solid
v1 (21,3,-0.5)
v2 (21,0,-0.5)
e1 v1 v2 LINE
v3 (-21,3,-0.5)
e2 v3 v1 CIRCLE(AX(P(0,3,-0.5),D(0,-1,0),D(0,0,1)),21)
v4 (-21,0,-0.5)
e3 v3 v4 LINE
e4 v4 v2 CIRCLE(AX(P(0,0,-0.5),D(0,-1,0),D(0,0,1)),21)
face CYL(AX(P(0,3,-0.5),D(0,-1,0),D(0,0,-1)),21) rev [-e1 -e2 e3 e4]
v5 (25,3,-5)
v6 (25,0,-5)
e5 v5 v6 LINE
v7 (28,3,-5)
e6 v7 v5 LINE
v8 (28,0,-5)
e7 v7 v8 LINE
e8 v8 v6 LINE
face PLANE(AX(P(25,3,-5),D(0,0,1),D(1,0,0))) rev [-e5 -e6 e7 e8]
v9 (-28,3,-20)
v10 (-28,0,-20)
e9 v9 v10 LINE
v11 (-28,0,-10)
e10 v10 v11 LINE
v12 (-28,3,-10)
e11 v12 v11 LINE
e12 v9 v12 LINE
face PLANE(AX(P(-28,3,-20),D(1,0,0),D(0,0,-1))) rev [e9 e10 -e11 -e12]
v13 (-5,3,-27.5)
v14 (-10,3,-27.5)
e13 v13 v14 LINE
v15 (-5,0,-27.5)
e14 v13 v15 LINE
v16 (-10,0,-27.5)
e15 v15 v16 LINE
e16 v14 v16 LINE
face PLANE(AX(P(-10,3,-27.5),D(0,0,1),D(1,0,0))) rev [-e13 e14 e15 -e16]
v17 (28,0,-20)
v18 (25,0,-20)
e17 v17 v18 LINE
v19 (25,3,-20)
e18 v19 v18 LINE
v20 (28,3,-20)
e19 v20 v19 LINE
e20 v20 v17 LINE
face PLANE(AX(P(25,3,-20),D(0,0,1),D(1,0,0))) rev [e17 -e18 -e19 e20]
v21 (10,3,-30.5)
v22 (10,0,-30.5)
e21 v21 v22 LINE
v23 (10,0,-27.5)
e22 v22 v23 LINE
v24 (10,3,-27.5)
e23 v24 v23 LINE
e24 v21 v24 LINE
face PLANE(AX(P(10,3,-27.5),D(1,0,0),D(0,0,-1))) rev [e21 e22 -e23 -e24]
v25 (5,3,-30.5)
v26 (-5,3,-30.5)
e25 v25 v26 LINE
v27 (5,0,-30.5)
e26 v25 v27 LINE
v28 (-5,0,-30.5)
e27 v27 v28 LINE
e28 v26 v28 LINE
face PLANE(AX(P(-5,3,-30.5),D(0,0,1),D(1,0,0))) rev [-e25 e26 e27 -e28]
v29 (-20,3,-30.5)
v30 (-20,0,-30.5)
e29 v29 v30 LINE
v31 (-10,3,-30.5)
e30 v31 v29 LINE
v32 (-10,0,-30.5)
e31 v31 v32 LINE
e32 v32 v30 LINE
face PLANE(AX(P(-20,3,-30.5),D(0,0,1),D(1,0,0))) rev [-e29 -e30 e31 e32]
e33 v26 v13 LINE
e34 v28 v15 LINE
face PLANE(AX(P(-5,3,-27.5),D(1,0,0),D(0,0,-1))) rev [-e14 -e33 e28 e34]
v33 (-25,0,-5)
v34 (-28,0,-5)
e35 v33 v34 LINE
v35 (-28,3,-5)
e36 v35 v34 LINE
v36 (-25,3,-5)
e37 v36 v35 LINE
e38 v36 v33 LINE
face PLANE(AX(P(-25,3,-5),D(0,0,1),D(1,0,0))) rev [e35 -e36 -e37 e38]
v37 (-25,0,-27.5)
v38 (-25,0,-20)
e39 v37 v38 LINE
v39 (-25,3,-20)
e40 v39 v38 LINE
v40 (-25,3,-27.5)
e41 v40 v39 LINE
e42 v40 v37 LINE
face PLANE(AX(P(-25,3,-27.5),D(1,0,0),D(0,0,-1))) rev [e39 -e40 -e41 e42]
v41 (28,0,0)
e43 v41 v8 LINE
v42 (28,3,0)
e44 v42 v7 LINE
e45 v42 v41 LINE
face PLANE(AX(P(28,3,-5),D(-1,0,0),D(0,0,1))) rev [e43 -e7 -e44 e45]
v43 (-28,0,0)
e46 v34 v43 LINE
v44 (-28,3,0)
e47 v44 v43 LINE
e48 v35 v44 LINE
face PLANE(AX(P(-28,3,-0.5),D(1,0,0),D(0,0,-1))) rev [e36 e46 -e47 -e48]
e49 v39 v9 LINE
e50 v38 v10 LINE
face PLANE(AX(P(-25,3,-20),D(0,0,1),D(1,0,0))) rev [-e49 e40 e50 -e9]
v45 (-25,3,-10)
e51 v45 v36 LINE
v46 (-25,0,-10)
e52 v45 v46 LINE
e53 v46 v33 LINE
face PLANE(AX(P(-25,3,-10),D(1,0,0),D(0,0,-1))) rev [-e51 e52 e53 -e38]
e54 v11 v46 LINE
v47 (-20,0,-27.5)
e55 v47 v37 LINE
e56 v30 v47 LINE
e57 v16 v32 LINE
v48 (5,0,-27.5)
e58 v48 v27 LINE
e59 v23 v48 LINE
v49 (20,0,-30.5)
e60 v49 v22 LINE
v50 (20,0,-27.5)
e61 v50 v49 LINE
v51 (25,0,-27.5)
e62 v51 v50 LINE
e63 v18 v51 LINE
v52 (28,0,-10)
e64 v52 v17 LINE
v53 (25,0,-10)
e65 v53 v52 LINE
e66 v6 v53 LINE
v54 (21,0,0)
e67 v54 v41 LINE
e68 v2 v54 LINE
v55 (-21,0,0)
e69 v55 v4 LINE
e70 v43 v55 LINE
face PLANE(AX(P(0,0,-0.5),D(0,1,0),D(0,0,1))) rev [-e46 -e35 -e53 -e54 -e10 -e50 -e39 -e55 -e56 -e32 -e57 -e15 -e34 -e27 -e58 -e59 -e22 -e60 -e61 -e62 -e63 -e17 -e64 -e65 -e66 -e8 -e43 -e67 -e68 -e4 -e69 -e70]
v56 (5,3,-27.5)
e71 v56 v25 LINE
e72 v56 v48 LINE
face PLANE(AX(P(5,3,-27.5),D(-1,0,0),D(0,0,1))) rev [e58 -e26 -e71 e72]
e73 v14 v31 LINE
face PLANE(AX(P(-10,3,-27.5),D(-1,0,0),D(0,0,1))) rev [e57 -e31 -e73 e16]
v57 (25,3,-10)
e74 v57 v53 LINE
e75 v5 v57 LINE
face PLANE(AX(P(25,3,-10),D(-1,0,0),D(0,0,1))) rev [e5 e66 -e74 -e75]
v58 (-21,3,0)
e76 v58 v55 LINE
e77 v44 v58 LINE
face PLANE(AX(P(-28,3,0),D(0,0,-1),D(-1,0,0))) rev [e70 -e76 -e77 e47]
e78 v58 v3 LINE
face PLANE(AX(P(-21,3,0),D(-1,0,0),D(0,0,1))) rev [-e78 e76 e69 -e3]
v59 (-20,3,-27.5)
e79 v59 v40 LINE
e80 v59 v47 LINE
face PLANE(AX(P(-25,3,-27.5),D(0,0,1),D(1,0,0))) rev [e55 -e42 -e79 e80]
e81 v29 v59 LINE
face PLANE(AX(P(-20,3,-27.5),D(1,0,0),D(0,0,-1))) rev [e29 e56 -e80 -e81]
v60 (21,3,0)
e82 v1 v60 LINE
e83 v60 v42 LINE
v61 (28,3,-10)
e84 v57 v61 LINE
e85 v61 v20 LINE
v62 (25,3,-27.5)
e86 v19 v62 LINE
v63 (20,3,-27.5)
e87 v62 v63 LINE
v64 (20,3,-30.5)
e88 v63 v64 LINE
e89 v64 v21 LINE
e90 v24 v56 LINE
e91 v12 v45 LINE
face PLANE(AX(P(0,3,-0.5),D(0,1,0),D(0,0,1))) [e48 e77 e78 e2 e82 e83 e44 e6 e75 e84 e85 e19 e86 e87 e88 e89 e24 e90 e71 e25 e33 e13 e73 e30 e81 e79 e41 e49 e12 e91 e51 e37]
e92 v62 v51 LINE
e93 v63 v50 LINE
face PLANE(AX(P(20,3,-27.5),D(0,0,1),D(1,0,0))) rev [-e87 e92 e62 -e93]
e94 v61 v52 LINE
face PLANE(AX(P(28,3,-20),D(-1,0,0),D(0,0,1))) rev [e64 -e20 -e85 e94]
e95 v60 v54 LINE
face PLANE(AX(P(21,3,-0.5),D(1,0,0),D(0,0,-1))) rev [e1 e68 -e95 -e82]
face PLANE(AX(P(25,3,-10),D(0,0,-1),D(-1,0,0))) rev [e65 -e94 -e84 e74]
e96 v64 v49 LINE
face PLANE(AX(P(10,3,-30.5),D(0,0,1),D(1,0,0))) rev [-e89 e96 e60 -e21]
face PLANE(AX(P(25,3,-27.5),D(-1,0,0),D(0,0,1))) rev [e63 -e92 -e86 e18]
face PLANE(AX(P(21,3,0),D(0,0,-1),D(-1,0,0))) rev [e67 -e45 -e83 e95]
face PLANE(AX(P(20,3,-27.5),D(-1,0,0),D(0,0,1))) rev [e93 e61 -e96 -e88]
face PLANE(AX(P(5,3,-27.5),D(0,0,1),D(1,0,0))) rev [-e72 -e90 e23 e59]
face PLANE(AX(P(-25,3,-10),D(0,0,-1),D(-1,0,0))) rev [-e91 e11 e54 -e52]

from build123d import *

# Parameters (mm, degrees)
EXTRUDE_1_DEPTH = 3


with BuildPart() as part:
    # 草图2 → 凸台-拉伸1 (new body)
    with BuildSketch(Plane(origin=(0, 0, 0), x_dir=(1, 0, 0), z_dir=(0, 1, 0))):
        with BuildLine():
            Line((-25, 27.5), (-20, 27.5))
            Line((-20, 27.5), (-20, 30.5))
            Line((-20, 30.5), (-10, 30.5))
            Line((-10, 30.5), (-10, 27.5))
            Line((-10, 27.5), (-5, 27.5))
            Line((-5, 27.5), (-5, 30.5))
            Line((-5, 30.5), (5, 30.5))
            Line((5, 30.5), (5, 27.5))
            Line((5, 27.5), (10, 27.5))
            Line((10, 27.5), (10, 30.5))
            Line((10, 30.5), (20, 30.5))
            Line((20, 30.5), (20, 27.5))
            Line((20, 27.5), (25, 27.5))
            Line((25, 27.5), (25, 20))
            Line((25, 20), (28, 20))
            Line((28, 20), (28, 10))
            Line((28, 10), (25, 10))
            Line((25, 10), (25, 5))
            Line((25, 5), (28, 5))
            Line((28, 5), (28, 0.5))
            Line((28, 0.5), (28, 0))
            Line((28, 0), (21, 0))
            Line((21, 0), (21, 0.5))
            ThreePointArc((21, 0.5), (0, 21.5), (-21, 0.5))
            Line((-21, 0.5), (-21, 0))
            Line((-21, 0), (-28, 0))
            Line((-28, 0), (-28, 0.5))
            Line((-28, 0.5), (-28, 5))
            Line((-28, 5), (-25, 5))
            Line((-25, 5), (-25, 10))
            Line((-25, 10), (-28, 10))
            Line((-28, 10), (-28, 20))
            Line((-28, 20), (-25, 20))
            Line((-25, 20), (-25, 27.5))
        make_face()
    extrude(amount=EXTRUDE_1_DEPTH)


solid = part.part
